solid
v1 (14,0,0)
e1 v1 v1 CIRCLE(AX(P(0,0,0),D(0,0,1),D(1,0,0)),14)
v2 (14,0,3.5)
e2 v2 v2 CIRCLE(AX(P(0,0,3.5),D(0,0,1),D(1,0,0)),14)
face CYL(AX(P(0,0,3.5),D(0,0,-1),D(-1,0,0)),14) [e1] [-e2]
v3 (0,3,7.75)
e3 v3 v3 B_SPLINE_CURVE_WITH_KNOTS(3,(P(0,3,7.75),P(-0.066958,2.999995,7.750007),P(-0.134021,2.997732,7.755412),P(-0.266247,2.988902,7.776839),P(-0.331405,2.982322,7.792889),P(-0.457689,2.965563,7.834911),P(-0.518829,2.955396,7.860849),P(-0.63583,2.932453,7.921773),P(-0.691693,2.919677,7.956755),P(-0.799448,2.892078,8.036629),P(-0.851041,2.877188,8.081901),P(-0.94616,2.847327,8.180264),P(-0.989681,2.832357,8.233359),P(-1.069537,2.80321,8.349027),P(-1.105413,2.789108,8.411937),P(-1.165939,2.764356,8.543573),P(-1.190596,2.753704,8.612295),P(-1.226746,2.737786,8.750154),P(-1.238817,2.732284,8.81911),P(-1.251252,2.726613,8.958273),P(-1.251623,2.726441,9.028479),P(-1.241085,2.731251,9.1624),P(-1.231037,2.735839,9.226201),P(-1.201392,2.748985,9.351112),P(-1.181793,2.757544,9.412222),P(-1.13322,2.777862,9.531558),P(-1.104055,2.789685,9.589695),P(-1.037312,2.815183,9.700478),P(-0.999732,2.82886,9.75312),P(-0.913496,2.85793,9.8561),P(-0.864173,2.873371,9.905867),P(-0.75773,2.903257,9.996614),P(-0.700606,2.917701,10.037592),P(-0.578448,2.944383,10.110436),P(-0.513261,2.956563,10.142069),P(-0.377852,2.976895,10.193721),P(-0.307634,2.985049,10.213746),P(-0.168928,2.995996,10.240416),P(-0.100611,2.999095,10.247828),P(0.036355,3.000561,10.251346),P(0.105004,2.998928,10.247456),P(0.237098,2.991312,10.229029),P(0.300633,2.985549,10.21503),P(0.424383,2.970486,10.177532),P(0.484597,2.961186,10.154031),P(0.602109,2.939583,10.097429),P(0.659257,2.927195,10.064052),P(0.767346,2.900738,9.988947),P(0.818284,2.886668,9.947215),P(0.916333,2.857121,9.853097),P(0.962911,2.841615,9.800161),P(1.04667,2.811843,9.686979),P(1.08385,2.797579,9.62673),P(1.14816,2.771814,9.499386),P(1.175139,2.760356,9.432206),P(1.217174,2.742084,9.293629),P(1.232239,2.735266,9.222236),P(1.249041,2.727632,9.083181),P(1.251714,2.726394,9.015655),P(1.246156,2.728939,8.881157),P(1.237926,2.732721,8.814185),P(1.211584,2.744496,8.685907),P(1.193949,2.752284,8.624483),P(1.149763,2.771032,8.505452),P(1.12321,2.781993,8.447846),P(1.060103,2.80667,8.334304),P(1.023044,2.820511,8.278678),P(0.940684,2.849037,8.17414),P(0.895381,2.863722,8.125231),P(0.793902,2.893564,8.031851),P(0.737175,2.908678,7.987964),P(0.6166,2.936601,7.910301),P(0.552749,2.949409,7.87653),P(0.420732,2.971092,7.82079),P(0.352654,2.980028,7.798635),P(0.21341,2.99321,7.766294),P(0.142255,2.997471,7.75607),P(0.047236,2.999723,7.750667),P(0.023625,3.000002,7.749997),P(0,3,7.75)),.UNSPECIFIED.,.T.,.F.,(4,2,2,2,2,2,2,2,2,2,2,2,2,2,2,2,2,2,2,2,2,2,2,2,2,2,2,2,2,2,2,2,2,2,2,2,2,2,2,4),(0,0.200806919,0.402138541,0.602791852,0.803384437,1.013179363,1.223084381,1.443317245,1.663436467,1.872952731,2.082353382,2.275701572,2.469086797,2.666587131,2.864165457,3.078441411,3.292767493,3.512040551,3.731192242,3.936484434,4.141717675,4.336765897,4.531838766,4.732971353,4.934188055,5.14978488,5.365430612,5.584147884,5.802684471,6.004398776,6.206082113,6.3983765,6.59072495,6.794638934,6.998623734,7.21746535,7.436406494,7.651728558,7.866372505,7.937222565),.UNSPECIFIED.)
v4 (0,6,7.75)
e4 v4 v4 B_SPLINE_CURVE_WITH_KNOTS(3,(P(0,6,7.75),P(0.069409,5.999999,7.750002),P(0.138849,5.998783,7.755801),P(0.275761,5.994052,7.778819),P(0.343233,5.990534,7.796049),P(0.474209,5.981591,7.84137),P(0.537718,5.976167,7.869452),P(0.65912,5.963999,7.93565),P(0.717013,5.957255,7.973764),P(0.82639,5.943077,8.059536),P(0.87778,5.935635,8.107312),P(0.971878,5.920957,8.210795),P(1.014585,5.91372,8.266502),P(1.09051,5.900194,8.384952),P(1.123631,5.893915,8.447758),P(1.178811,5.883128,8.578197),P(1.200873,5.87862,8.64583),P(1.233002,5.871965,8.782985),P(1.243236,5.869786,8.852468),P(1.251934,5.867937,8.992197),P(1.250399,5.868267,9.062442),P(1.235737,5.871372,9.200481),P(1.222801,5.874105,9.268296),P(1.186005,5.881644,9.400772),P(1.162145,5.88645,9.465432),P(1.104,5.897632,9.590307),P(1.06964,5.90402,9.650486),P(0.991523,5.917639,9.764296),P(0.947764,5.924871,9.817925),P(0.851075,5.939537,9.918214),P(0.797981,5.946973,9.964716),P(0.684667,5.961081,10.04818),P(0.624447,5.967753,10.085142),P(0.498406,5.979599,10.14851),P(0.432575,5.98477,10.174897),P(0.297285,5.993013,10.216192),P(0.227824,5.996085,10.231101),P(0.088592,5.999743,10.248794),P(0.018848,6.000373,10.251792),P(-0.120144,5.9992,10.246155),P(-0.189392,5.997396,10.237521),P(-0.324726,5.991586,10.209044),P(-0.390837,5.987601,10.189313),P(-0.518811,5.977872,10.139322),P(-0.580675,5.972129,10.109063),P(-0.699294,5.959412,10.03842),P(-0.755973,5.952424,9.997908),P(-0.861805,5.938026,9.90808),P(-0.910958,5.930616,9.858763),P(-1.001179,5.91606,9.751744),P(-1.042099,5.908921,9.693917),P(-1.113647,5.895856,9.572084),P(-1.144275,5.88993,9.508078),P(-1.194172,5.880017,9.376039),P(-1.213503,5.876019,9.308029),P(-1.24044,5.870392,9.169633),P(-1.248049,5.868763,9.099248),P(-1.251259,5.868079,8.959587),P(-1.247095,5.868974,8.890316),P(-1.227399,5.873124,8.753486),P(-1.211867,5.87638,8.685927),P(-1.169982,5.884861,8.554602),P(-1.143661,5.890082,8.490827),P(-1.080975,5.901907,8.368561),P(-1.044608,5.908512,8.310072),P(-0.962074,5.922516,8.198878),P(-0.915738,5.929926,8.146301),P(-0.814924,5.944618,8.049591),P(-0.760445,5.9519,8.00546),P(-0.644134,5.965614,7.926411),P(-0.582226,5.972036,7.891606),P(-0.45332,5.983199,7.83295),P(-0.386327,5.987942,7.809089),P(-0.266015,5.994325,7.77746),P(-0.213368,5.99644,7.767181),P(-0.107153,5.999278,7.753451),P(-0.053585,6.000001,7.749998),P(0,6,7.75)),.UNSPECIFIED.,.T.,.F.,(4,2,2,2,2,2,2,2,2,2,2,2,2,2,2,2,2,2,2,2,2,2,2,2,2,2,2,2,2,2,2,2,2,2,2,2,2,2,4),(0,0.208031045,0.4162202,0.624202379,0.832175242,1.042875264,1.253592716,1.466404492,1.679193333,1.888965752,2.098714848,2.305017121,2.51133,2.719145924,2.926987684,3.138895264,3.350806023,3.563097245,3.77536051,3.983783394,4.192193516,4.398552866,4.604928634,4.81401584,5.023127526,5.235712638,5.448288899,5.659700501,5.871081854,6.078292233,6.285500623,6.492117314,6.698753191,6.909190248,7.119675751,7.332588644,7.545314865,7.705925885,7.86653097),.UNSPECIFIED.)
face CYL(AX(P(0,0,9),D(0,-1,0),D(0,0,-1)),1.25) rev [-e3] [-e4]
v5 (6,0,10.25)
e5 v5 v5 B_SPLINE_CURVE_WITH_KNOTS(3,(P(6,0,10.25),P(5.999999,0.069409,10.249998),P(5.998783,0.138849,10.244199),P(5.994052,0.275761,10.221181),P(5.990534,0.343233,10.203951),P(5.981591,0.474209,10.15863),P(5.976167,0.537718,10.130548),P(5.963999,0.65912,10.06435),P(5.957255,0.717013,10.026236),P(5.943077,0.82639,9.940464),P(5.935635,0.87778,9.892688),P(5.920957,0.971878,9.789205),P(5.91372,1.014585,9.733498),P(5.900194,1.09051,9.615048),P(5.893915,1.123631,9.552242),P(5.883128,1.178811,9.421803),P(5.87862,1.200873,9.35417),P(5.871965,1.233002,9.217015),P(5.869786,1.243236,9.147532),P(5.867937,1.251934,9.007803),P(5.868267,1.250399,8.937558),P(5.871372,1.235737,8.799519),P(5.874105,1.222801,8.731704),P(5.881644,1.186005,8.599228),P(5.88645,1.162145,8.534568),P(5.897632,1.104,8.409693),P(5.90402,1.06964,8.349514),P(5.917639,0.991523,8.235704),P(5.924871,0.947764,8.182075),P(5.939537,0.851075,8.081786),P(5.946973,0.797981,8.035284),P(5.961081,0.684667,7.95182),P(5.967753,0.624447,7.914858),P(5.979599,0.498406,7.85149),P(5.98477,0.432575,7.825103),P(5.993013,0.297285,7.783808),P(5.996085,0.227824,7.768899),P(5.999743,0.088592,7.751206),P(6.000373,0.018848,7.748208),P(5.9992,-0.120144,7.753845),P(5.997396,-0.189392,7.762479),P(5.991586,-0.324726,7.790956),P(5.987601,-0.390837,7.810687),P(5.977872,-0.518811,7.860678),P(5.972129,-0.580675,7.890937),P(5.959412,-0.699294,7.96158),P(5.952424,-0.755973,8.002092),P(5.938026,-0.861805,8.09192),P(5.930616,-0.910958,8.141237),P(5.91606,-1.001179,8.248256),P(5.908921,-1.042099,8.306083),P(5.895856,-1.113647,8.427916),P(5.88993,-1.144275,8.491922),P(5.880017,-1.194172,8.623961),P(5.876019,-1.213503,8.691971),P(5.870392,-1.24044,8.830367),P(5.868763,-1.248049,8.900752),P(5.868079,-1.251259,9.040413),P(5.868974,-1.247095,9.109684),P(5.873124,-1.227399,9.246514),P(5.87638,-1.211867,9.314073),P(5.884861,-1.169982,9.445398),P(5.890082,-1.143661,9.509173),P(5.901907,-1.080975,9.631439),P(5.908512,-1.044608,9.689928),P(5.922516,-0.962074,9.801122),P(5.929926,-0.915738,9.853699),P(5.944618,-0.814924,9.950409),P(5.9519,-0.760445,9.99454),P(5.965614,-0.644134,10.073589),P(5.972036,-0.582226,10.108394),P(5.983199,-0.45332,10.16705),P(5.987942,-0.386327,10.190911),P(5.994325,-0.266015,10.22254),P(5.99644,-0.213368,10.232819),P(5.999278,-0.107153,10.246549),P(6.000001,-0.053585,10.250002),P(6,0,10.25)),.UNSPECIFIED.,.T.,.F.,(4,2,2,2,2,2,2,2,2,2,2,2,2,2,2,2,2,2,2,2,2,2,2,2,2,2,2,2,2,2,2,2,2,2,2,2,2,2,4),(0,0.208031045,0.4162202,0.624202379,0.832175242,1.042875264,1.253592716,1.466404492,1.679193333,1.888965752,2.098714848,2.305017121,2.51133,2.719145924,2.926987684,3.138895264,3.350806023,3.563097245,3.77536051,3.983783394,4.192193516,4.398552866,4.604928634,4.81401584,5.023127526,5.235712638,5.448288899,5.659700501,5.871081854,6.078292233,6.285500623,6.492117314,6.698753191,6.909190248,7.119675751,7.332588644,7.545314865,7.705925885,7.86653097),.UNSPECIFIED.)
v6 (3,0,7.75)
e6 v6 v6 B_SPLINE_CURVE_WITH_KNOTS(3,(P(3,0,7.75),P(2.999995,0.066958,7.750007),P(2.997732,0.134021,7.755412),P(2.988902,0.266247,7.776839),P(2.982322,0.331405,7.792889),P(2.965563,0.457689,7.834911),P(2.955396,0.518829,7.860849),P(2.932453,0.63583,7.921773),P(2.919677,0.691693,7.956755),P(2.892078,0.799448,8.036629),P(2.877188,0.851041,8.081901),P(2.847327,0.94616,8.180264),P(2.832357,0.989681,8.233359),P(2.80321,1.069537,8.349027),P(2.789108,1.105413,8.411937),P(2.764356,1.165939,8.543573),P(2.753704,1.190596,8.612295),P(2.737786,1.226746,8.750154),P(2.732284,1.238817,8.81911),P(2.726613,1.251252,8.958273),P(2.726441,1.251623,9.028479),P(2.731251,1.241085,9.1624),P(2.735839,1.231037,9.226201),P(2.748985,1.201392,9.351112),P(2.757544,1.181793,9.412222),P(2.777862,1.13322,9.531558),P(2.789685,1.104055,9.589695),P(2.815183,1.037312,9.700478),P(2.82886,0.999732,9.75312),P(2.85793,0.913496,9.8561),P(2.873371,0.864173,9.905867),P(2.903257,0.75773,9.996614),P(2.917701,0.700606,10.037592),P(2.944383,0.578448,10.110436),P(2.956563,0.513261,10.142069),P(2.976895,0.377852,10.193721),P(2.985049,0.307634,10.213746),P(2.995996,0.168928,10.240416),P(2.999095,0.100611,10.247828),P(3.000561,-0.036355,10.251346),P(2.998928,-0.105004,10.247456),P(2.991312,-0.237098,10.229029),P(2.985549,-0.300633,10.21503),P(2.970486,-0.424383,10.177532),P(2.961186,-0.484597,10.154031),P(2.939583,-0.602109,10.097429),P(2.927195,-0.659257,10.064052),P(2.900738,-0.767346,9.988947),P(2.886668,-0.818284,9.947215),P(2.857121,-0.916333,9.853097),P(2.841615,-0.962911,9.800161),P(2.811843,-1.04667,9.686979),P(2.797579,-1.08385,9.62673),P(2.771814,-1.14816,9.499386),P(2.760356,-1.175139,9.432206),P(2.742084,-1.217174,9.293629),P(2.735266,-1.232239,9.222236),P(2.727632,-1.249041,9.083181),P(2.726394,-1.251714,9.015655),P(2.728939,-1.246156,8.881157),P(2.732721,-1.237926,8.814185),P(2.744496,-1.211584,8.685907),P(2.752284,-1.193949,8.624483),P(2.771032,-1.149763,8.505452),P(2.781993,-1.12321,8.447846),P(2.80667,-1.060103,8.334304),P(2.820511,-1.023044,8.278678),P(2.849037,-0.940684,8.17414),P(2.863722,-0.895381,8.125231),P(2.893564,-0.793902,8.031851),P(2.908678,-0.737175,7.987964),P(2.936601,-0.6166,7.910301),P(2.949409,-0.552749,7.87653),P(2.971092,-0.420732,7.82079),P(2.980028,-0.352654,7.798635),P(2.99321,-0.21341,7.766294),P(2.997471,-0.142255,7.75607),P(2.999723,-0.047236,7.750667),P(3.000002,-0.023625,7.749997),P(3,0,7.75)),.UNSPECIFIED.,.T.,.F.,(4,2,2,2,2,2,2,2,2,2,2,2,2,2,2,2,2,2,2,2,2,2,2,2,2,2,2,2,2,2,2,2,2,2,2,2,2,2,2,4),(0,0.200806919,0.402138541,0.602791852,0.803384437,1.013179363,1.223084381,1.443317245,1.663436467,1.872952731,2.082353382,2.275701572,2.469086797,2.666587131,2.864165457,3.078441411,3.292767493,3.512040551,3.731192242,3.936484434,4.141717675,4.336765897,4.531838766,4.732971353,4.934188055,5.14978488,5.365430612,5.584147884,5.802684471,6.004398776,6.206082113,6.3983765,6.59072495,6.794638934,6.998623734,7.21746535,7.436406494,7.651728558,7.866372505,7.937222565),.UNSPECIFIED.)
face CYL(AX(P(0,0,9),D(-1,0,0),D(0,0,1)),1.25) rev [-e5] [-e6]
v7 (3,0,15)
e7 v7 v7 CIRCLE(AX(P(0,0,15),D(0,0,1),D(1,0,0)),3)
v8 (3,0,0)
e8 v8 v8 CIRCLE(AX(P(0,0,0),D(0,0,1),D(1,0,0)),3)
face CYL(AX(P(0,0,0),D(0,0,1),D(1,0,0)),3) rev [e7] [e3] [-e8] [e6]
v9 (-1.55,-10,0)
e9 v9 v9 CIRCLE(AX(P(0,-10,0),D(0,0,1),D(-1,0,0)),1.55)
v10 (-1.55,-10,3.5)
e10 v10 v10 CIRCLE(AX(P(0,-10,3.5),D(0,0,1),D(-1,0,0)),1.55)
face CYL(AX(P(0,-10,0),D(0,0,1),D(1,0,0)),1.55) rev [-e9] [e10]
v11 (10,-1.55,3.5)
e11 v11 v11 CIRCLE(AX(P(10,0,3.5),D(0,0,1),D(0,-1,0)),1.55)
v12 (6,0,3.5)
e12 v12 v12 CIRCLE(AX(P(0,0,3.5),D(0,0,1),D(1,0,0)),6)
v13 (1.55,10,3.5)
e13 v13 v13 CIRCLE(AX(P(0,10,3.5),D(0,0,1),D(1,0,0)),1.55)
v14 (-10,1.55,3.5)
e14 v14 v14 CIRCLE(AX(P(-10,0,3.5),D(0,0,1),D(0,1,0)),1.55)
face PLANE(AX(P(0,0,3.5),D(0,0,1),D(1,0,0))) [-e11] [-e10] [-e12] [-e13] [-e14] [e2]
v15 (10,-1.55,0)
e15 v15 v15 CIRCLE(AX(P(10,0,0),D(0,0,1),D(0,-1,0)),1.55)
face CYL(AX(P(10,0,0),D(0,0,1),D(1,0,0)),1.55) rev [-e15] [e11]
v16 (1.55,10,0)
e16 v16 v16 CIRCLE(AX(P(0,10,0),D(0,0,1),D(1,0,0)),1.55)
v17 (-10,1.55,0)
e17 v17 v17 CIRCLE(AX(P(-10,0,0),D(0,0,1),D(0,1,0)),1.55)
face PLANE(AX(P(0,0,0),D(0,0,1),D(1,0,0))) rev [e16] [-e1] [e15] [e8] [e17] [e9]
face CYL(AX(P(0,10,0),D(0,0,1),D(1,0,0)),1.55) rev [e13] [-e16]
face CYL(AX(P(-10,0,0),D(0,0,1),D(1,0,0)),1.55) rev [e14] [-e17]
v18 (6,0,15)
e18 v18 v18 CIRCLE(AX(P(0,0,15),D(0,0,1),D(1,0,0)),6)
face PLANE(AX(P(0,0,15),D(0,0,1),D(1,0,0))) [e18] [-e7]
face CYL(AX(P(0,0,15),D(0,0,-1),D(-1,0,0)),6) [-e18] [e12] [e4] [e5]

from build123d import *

# Parameters (mm, degrees)
SKETCH_1_R               = 14
EXTRUDE_1_DEPTH          = 3.5
SKETCH_2_R               = 6
EXTRUDE_2_DEPTH          = 11.5
SKETCH_3_R               = 3
CUT_EXTRUDE_1_DEPTH      = 25.839484697
SKETCH_4_R               = 1.55
CUT_EXTRUDE_2_DEPTH      = 23.896506284
PATTERN_CIRCULAR_1_COUNT = 4
PATTERN_CIRCULAR_2_COUNT = 2
PATTERN_CIRCULAR_2_ANGLE = 90


with BuildPart() as part:
    # 草图1 → 凸台-拉伸1 (new body)
    with BuildSketch(Plane.XY):
        Circle(SKETCH_1_R)
    extrude(amount=EXTRUDE_1_DEPTH)

    # 草图2 → 凸台-拉伸2 (add)
    with BuildSketch(Plane.XY.offset(3.5)):
        Circle(SKETCH_2_R)
    extrude(amount=EXTRUDE_2_DEPTH)

    # 草图3 → 切除-拉伸1 (cut, through all)
    with BuildSketch(Plane.XY.offset(15)):
        Circle(SKETCH_3_R)
    extrude(amount=-CUT_EXTRUDE_1_DEPTH, mode=Mode.SUBTRACT)

    # 草图4 → 切除-拉伸2 (cut, through all)
    with BuildSketch(Plane.XY.offset(3.5)):
        with Locations((0, 10)):
            Circle(SKETCH_4_R)
    cut_extrude_2 = extrude(amount=-CUT_EXTRUDE_2_DEPTH, mode=Mode.SUBTRACT)

    # 阵列(圆周)1: 切除-拉伸2 ×4 about axis
    pattern_circular_1_axis = Axis((0, 0, 0), (0, 0, 1))
    for i in range(1, PATTERN_CIRCULAR_1_COUNT):
        add(cut_extrude_2.rotate(pattern_circular_1_axis, i * 360 / PATTERN_CIRCULAR_1_COUNT), mode=Mode.SUBTRACT)

    # 草图6 → M3 螺纹孔1 (revolve, cut)
    with BuildSketch(Plane(origin=(0, 0, 9), x_dir=(0, 0, 1), z_dir=(0, 1, 0))):
        Polygon((0, 0), (0, 8.251075774), (1.25, 7.5), (1.25, 0.275), (1.525, 0), align=None)
    hole_wizard_m3_1 = revolve(axis=Axis((-6.35, 0, 9), (1, 0, 0)), mode=Mode.SUBTRACT)

    # 阵列(圆周)2: M3 螺纹孔1 ×2 about axis
    pattern_circular_2_axis = Axis((0, 0, 15), (0, 0, 1))
    for i in range(1, PATTERN_CIRCULAR_2_COUNT):
        add(hole_wizard_m3_1.rotate(pattern_circular_2_axis, i * PATTERN_CIRCULAR_2_ANGLE / (PATTERN_CIRCULAR_2_COUNT - 1)), mode=Mode.SUBTRACT)


solid = part.part
